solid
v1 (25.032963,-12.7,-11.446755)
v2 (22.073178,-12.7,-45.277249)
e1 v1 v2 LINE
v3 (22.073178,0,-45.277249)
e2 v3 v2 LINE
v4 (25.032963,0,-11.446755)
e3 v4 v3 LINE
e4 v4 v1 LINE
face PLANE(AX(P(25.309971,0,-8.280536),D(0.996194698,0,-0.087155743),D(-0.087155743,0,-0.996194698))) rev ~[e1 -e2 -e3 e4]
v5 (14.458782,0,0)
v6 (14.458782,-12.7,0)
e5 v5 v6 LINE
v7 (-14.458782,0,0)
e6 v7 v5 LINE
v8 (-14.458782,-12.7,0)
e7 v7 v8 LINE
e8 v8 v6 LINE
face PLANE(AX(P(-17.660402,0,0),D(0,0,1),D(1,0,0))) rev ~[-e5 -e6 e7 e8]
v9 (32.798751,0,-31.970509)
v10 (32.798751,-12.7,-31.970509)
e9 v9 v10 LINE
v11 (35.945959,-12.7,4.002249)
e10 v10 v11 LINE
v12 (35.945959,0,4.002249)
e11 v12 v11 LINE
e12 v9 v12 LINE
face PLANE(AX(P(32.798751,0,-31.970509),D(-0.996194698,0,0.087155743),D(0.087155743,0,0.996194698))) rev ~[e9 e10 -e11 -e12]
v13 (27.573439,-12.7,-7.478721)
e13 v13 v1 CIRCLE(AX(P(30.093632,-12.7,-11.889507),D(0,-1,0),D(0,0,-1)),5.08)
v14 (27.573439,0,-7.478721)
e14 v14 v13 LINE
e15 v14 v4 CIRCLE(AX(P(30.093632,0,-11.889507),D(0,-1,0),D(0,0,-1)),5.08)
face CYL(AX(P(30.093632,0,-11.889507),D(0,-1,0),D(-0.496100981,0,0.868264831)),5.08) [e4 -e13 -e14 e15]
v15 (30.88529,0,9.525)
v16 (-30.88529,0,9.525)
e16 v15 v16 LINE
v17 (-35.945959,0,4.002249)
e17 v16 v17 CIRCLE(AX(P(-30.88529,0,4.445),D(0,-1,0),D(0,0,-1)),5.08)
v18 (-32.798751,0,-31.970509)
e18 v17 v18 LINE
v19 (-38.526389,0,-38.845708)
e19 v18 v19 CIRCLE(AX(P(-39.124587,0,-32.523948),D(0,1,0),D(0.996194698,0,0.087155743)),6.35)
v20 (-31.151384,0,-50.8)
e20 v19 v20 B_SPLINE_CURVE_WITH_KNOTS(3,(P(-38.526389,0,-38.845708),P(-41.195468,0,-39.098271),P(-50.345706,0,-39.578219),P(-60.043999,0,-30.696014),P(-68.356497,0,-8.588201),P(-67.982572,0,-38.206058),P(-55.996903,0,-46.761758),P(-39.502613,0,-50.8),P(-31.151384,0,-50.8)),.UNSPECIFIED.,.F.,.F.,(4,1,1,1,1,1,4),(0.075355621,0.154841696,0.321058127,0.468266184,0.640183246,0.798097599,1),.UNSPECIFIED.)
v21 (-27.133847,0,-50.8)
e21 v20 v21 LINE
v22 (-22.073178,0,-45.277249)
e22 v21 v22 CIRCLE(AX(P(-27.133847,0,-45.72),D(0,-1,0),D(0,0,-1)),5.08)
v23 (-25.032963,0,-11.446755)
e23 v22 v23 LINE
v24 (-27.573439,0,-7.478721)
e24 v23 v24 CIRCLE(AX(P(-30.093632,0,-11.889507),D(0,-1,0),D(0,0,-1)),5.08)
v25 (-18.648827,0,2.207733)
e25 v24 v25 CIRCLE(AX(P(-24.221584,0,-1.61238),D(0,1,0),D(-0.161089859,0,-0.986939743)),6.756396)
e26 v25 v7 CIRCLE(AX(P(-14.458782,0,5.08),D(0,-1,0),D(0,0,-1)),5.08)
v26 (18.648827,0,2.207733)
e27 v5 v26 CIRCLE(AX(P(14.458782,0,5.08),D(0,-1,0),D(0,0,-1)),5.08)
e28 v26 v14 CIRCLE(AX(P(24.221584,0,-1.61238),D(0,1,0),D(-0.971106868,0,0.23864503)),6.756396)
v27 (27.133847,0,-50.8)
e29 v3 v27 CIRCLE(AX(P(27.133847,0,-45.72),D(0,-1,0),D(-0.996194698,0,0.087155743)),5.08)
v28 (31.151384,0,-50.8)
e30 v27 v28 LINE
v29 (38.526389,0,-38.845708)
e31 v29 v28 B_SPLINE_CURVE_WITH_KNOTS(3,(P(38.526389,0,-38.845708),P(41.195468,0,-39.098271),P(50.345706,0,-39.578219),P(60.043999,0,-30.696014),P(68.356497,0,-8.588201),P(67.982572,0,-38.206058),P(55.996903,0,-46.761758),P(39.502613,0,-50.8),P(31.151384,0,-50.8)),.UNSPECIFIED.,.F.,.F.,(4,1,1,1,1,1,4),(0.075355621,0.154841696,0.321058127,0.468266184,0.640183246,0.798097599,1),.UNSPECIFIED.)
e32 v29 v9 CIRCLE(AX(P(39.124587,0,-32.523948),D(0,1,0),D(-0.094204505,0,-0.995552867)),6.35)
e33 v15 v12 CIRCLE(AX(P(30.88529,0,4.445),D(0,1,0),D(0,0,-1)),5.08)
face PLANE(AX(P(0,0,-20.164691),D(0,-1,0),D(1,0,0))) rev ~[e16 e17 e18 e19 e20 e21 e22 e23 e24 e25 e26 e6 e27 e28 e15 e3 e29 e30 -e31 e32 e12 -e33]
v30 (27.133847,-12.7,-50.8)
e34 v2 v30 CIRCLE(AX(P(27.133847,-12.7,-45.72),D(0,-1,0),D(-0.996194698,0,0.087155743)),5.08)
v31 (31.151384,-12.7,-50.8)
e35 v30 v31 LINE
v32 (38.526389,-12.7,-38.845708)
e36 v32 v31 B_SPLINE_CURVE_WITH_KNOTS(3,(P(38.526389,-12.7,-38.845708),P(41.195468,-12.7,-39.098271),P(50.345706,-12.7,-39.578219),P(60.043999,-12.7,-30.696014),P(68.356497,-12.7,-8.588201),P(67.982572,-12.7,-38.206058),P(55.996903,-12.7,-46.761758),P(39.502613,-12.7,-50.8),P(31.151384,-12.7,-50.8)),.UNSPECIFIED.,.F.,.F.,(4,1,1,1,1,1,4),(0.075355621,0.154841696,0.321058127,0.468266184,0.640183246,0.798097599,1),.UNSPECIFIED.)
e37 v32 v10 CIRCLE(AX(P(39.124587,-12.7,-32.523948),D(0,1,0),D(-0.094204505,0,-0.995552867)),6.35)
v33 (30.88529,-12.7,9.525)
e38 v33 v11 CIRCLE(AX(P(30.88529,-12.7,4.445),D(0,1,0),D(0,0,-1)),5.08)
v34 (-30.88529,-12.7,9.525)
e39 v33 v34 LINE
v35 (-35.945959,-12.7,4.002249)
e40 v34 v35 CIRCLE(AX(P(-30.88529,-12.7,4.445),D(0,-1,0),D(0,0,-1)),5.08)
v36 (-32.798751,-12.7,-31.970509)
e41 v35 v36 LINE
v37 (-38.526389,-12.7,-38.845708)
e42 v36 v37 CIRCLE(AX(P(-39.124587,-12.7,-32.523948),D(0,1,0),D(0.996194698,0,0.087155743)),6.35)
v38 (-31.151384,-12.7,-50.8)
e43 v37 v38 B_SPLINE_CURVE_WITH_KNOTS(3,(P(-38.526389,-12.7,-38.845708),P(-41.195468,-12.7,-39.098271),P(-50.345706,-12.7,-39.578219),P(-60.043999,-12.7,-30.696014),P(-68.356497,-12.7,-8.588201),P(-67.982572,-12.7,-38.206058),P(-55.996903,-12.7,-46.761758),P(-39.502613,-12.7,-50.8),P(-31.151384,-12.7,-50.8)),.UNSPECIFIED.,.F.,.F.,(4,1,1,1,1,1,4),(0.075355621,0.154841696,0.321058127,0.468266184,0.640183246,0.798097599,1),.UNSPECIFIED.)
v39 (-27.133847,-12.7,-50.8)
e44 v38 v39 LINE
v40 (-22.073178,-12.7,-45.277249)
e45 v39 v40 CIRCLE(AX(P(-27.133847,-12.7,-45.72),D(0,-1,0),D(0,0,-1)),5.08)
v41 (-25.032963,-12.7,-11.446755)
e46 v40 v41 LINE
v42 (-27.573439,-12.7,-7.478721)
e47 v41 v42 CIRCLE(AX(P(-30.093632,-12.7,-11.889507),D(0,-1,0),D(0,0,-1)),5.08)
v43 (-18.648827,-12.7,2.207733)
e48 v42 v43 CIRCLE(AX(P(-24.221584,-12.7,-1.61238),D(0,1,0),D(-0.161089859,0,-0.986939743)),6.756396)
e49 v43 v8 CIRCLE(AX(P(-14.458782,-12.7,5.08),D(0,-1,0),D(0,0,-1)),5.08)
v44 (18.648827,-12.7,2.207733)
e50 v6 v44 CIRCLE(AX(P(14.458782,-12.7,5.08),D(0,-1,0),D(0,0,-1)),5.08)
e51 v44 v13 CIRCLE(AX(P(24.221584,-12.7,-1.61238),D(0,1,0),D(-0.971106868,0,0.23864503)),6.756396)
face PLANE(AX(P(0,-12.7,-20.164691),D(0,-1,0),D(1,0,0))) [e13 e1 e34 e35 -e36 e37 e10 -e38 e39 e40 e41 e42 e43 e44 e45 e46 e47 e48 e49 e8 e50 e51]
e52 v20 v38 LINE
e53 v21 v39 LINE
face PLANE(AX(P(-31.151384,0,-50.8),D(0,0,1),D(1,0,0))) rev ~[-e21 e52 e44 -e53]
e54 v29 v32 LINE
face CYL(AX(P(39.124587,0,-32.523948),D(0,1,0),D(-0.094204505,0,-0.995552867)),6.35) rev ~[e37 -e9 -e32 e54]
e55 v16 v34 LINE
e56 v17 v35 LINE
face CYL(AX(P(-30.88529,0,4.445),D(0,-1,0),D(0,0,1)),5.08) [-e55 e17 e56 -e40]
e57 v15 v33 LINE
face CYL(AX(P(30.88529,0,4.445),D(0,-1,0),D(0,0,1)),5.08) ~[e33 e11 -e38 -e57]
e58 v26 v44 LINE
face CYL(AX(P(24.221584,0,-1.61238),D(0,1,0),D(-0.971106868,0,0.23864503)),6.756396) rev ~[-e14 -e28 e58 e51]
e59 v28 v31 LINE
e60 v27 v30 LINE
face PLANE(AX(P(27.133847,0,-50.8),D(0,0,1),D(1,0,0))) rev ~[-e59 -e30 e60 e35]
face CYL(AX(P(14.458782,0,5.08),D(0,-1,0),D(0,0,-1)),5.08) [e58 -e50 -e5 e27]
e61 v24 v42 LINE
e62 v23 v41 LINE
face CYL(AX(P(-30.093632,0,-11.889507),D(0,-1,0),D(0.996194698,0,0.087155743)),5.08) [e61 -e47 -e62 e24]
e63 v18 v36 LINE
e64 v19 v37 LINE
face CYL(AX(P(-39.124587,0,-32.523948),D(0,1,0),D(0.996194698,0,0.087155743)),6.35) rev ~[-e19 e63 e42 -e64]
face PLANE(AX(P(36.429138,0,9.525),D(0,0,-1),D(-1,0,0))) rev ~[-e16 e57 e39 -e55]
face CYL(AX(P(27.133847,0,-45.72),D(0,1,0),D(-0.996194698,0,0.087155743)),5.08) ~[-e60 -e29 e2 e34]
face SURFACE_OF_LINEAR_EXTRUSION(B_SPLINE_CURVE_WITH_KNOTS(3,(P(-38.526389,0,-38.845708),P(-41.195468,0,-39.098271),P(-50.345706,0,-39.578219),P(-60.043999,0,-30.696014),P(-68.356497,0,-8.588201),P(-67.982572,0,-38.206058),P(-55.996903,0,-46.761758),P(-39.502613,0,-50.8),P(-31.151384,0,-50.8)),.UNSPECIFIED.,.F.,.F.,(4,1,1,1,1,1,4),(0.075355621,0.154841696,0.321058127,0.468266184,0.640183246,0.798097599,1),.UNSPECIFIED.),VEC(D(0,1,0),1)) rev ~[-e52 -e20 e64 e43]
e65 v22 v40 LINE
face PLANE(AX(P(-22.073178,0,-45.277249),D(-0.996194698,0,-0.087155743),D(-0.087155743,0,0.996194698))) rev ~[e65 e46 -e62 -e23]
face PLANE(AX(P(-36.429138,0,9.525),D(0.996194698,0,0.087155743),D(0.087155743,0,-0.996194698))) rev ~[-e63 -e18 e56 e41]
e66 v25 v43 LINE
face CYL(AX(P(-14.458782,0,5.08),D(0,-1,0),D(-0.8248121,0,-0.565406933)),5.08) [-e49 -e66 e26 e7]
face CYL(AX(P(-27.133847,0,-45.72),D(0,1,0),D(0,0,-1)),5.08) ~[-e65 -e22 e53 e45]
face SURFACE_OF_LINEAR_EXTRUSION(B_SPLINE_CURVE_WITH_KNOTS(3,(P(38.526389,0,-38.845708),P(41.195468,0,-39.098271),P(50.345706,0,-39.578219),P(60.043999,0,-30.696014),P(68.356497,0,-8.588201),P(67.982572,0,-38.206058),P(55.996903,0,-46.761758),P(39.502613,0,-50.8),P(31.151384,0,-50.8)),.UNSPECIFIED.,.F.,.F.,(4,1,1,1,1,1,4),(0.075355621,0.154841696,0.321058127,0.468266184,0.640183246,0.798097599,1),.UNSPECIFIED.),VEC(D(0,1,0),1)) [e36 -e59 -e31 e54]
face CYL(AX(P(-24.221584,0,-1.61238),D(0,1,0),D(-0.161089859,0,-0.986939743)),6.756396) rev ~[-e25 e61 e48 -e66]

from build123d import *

# Parameters (mm, degrees)
F1_DEPTH = 12.7
F2_R     = 5.08


with BuildPart() as f1:
    # F0 (on Front) → F1 (new body)
    with BuildSketch(Plane.XZ):
        with BuildLine():
            Line((36.4291375798, 9.525), (0, 9.525))
            Line((0, 9.525), (-36.4291375798, 9.525))
            Line((-36.4291375798, 9.525), (-32.798750978, -31.9705087373))
            ThreePointArc((-32.798750978, -31.9705087373), (-34.2457905746, -36.5884086035), (-38.5263887048, -38.84570841))
            add(Edge.make_bspline(
                [(-38.5263887048, -38.84570841), (-41.1954683156, -39.0982709123), (-50.3457061063, -39.5782191674), (-60.0439986707, -30.6960135007), (-68.3564968232, -8.5882013137), (-67.9825719796, -38.2060581711), (-55.9969026163, -46.7617580103), (-39.5026125976, -50.8), (-31.1513839526, -50.8)],
                knots=[0.0753556206, 0.0753556206, 0.0753556206, 0.0753556206, 0.1548416962, 0.321058127, 0.4682661838, 0.6401832458, 0.7980975987, 1, 1, 1, 1], degree=3))
            Line((-31.1513839526, -50.8), (-27.1338471854, -50.8))
            ThreePointArc((-27.1338471854, -50.8), (-23.3884783144, -49.1519982547), (-22.0731781191, -45.2772488268))
            Line((-22.0731781191, -45.2772488268), (-25.3099710852, -8.280535931))
            ThreePointArc((-25.3099710852, -8.280535931), (-29.1844152423, 2.9722891299), (-17.6604017615, 0))
            Line((-17.6604017615, 0), (0, 0))
            Line((0, 0), (17.6604017615, 0))
            ThreePointArc((17.6604017615, 0), (29.1844152423, 2.9722891299), (25.3099710852, -8.280535931))
            Line((25.3099710852, -8.280535931), (22.0731781191, -45.2772488268))
            ThreePointArc((22.0731781191, -45.2772488268), (23.3884783144, -49.1519982547), (27.1338471854, -50.8))
            Line((27.1338471854, -50.8), (31.1513839526, -50.8))
            add(Edge.make_bspline(
                [(38.5263887048, -38.84570841), (41.1954683156, -39.0982709123), (50.3457061063, -39.5782191674), (60.0439986707, -30.6960135007), (68.3564968232, -8.5882013137), (67.9825719796, -38.2060581711), (55.9969026163, -46.7617580103), (39.5026125976, -50.8), (31.1513839526, -50.8)],
                knots=[0.0753556206, 0.0753556206, 0.0753556206, 0.0753556206, 0.1548416962, 0.321058127, 0.4682661838, 0.6401832458, 0.7980975987, 1, 1, 1, 1], degree=3))
            ThreePointArc((38.5263887048, -38.84570841), (34.2457905746, -36.5884086035), (32.798750978, -31.9705087373))
            Line((32.798750978, -31.9705087373), (36.4291375798, 9.525))
        make_face()
    extrude(amount=F1_DEPTH)

    # F2
    f2_edges = [f1.edges().sort_by_distance(p)[0] for p in [
        (-36.429138, -6.35, 9.525),
        (-25.309971, -6.35, -8.280536),
        (-17.660402, -6.35, 0),
        (17.660402, -6.35, 0),
        (25.309971, -6.35, -8.280536),
        (36.429138, -6.35, 9.525),
    ]]
    fillet(f2_edges, radius=F2_R)


solid = f1.part
